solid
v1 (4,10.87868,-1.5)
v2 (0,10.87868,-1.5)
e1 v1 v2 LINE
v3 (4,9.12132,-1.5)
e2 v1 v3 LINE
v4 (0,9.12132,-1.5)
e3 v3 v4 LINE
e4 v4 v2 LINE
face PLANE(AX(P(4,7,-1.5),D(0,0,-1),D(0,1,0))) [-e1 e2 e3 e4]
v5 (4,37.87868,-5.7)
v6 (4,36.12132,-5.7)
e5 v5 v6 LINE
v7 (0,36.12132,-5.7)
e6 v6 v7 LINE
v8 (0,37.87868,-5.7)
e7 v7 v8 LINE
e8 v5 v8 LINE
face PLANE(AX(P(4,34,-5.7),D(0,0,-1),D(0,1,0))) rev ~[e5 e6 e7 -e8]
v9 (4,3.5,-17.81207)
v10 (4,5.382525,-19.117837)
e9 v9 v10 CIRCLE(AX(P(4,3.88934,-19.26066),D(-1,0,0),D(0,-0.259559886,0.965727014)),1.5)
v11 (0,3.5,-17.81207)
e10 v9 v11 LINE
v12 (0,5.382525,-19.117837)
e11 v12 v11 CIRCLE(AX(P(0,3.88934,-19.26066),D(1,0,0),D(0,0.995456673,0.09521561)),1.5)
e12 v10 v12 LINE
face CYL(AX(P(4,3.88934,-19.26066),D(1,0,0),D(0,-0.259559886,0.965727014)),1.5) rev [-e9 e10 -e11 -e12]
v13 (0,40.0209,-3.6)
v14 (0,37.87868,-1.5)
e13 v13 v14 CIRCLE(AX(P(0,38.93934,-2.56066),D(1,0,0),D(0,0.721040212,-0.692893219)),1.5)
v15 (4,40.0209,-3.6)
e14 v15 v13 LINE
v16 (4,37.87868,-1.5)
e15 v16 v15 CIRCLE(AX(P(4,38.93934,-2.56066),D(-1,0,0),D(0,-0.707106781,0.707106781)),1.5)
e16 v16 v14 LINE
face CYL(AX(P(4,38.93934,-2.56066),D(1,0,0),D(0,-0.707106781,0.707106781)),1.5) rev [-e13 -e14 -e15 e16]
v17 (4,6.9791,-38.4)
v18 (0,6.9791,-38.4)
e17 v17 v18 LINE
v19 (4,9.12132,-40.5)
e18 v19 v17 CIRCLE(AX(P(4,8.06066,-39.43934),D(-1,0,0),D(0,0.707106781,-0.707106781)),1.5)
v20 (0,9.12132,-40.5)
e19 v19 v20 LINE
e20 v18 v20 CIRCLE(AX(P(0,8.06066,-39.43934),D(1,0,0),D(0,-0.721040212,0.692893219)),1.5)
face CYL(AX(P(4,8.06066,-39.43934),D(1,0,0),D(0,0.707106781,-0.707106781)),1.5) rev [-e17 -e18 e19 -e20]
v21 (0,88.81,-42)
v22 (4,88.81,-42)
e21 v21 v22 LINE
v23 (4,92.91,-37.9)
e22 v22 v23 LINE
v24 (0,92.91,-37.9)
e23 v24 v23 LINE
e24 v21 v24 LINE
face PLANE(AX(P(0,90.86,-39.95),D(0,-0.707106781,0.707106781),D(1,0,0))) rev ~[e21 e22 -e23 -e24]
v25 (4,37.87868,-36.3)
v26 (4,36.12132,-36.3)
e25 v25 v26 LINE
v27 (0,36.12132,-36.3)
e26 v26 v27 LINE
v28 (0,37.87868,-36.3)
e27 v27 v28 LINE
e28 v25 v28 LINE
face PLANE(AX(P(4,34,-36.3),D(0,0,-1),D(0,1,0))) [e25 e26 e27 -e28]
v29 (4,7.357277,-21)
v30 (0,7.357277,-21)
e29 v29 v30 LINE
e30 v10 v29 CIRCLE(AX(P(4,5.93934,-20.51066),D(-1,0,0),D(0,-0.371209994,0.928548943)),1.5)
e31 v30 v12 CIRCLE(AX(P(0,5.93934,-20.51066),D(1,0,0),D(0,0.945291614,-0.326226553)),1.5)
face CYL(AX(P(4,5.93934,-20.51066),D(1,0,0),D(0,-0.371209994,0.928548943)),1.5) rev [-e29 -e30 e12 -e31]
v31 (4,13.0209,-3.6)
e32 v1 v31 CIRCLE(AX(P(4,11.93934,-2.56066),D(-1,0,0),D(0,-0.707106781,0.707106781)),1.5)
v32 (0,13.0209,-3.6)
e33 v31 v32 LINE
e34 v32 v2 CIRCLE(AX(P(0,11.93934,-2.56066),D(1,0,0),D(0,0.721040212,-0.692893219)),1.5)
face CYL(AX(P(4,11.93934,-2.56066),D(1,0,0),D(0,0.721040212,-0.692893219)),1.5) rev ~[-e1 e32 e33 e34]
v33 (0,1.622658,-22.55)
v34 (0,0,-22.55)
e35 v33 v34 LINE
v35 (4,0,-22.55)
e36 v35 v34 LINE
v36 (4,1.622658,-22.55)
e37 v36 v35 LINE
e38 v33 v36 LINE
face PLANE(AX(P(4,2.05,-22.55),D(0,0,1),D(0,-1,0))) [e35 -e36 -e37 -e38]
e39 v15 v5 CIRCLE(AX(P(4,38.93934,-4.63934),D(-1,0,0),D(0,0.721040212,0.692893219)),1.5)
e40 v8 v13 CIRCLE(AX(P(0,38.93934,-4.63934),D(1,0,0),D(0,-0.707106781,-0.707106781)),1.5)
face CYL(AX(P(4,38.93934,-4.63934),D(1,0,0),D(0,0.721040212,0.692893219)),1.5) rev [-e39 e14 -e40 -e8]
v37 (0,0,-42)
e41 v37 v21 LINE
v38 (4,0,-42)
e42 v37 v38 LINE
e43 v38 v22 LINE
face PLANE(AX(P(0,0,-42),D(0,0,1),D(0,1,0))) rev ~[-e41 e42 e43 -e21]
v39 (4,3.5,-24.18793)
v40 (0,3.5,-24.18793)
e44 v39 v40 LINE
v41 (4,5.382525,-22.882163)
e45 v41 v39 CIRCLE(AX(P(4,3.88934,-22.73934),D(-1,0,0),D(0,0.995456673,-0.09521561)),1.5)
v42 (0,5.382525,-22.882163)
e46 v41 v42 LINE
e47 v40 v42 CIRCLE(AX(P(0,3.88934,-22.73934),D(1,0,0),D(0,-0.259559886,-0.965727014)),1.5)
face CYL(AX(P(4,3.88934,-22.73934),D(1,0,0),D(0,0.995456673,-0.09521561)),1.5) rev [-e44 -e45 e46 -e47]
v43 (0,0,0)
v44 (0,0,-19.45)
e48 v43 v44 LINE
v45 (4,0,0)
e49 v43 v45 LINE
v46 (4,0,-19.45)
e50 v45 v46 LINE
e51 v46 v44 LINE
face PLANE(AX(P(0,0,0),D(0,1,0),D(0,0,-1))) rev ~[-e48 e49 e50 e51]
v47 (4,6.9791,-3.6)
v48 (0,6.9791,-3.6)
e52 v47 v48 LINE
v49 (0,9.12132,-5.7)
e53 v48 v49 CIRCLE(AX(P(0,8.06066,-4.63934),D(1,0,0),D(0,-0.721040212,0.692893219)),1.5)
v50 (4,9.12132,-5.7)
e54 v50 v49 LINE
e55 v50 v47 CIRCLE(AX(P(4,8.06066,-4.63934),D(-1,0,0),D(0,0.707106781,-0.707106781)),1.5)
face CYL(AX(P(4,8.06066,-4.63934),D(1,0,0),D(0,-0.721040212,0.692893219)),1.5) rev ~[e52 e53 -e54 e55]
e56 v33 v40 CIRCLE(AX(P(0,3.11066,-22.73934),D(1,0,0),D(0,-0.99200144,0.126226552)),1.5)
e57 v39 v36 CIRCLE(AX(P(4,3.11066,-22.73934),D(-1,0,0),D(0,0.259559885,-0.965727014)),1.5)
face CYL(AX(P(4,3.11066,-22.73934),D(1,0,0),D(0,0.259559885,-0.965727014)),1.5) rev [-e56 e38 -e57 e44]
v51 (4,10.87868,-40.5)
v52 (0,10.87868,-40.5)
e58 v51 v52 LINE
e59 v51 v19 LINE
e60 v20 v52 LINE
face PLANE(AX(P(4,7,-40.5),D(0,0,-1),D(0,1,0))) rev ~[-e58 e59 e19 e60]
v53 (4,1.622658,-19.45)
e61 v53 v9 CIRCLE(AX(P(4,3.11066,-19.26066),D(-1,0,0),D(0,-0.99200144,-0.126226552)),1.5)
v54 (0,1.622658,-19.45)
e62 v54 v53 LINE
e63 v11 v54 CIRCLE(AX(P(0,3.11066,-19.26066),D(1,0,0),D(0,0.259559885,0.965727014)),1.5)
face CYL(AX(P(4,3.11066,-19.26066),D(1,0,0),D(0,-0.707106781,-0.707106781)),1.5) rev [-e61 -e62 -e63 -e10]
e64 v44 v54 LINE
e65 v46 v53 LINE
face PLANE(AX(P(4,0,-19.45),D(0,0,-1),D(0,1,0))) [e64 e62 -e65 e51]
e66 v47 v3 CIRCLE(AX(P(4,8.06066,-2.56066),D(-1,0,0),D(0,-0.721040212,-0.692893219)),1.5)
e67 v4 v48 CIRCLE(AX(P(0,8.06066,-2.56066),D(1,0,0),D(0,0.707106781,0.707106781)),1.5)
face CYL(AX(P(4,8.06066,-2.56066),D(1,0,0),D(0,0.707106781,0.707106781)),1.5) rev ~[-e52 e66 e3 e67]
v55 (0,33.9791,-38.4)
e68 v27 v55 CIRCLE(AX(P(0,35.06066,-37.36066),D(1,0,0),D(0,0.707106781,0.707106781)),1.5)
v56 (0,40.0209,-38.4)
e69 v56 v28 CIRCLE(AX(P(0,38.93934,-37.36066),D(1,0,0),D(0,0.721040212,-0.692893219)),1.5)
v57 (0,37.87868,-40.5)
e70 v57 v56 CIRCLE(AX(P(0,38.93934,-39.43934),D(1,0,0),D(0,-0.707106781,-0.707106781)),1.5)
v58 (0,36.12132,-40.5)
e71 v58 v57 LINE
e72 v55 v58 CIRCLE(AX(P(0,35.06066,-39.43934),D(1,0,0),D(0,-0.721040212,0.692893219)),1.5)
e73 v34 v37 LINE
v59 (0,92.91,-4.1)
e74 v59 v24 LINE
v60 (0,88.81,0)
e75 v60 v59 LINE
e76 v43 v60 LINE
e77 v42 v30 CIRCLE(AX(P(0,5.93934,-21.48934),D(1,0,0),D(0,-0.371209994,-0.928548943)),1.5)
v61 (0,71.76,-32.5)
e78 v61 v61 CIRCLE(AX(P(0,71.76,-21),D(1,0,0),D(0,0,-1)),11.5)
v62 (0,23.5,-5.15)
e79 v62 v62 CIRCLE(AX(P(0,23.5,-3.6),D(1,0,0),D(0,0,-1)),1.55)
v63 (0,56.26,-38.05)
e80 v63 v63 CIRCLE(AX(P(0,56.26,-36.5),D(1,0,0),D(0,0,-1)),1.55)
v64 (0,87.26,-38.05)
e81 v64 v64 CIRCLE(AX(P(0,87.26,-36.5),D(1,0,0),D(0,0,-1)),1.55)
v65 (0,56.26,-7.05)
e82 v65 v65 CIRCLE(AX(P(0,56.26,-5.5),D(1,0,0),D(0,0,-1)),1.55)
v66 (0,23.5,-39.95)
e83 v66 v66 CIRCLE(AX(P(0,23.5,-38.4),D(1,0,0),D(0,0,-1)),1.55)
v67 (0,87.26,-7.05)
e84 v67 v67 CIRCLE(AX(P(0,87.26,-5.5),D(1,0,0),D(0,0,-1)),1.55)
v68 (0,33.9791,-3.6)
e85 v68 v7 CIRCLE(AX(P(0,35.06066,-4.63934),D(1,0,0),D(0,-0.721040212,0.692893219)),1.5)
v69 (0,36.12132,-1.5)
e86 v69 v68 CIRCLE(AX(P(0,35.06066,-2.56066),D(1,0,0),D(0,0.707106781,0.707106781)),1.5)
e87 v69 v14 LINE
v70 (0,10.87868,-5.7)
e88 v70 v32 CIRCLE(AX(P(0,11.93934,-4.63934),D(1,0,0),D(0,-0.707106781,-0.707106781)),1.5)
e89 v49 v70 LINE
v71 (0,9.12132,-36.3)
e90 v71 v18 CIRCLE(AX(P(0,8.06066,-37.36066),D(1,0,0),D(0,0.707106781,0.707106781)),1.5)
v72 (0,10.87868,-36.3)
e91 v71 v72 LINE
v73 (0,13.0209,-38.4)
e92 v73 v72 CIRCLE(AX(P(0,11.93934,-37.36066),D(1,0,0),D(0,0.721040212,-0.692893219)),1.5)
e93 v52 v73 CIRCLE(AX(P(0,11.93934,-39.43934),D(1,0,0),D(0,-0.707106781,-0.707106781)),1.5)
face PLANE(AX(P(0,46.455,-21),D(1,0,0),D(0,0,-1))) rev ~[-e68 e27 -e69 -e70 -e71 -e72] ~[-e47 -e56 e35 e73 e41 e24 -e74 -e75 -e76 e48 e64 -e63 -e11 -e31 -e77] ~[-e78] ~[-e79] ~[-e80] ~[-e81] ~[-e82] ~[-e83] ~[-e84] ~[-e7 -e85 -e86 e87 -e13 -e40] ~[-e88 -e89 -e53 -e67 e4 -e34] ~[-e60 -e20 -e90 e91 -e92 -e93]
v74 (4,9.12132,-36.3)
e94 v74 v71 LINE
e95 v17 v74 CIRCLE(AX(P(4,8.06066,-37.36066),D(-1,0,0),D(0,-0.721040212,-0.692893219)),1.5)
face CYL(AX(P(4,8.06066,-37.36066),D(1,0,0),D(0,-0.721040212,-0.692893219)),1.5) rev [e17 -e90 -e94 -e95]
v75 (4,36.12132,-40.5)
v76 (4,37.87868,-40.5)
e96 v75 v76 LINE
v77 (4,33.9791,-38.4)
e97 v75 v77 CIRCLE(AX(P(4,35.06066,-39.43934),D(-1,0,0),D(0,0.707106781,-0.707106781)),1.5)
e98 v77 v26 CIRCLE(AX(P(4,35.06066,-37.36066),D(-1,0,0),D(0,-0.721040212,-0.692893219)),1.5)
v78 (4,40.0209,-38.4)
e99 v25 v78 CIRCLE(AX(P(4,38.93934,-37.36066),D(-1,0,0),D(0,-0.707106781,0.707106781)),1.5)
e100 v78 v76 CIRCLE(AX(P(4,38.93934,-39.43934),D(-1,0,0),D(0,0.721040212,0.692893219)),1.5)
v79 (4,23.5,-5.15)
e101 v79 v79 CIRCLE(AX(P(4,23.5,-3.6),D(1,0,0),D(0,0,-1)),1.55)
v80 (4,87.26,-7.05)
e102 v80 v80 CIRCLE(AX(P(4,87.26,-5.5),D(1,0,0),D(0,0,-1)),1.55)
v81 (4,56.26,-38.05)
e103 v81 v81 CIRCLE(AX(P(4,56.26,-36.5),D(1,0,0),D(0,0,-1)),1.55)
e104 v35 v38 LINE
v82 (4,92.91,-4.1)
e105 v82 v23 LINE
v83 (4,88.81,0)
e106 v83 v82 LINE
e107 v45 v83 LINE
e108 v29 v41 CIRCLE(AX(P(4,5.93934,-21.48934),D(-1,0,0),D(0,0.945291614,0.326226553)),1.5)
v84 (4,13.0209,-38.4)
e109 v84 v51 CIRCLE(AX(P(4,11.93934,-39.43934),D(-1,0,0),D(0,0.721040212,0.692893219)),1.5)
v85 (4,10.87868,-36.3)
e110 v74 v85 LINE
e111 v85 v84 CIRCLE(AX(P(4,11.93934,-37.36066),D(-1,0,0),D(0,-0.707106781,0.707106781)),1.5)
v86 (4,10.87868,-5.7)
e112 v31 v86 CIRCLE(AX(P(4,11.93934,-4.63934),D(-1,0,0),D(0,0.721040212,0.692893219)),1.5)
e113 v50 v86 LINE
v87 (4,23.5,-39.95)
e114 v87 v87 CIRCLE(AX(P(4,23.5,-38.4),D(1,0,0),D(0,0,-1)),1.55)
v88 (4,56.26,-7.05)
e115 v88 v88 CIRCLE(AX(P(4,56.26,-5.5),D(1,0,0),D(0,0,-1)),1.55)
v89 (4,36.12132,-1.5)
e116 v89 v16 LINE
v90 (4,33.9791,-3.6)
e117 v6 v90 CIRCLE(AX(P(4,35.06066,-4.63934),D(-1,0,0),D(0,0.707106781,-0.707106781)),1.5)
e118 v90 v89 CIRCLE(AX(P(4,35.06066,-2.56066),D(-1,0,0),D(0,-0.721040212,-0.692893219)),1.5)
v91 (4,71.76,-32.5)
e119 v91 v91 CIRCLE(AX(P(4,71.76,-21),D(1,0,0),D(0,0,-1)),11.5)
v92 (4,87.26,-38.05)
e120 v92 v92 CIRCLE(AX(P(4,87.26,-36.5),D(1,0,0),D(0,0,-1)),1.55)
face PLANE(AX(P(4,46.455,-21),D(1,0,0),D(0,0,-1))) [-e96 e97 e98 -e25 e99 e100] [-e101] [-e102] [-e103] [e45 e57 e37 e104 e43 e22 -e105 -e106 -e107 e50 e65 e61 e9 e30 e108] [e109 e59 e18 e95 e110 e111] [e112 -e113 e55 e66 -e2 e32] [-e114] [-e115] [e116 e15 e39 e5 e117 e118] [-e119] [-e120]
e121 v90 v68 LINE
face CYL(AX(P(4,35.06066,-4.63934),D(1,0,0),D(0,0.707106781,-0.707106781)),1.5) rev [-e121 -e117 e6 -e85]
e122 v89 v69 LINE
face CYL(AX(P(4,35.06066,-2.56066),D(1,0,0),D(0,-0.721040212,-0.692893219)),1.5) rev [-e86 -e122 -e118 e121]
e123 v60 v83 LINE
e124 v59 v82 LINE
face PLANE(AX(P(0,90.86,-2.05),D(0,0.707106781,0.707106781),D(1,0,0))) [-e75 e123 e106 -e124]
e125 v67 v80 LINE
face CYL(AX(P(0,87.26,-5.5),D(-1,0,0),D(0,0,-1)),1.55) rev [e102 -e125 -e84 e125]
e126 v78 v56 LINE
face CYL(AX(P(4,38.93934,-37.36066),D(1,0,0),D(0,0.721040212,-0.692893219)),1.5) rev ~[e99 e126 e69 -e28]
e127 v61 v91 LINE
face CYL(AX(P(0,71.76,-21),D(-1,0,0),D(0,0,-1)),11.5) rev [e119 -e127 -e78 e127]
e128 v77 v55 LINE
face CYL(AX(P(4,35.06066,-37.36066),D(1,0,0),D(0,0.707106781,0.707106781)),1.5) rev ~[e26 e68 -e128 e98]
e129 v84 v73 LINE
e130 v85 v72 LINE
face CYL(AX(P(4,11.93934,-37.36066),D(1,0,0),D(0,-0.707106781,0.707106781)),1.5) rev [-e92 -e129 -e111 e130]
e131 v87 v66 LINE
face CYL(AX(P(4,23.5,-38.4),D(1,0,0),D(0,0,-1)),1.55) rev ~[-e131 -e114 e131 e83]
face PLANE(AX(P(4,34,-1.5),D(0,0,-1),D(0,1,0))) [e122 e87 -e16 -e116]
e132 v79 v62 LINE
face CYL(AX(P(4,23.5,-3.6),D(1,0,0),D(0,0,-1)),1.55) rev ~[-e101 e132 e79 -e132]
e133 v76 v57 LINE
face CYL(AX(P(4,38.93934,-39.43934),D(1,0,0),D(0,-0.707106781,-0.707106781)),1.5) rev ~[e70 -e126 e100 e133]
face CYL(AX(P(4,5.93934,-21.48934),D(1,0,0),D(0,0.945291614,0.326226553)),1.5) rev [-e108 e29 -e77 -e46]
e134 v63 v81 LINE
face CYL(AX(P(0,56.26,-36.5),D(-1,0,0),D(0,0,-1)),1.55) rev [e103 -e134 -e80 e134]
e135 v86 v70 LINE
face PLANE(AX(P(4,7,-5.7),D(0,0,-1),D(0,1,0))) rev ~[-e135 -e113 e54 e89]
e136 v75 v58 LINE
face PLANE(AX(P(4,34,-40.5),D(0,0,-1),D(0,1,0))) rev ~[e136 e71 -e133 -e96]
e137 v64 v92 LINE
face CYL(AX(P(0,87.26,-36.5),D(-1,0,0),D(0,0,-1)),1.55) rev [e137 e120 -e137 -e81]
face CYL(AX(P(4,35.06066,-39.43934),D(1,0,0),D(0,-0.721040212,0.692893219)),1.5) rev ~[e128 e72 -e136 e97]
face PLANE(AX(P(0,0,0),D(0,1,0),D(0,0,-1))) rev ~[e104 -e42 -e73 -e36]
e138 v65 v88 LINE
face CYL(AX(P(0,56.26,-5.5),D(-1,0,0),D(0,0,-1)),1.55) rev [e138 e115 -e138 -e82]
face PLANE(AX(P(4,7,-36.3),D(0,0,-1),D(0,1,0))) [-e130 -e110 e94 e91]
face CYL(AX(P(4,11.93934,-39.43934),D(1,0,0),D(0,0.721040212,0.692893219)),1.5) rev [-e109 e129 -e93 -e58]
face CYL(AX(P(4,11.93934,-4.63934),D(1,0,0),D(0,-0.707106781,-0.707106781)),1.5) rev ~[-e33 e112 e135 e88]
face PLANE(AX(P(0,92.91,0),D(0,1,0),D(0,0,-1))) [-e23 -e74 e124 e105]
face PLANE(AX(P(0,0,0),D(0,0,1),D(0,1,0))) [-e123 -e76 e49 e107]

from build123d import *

# Parameters (mm, degrees)
CROQUIS1_W              = 42
CROQUIS1_H              = 92.91
CROQUIS1_R              = 11.5
CROQUIS1_R_2            = 1.55
SALIENTE_EXTRUIR1_DEPTH = 4
CROQUIS2_R              = 1.55
CROQUIS2_W              = 4.2
CROQUIS2_H              = 6
CORTAR_EXTRUIR1_DEPTH   = 5
CORTAR_EXTRUIR2_DEPTH   = 5
CORTAR_EXTRUIR3_DEPTH   = 5
CORTAR_EXTRUIR4_DEPTH   = 5
CHAFL_N1_SIZE           = 4.1


with BuildPart() as part:
    # Croquis1 → Saliente-Extruir1 (new body)
    with BuildSketch(Plane(origin=(0, 0, 0), x_dir=(0, 0, -1), z_dir=(1, 0, 0))):
        with Locations((21, 46.455)):
            Rectangle(CROQUIS1_W, CROQUIS1_H)
        with Locations((21, 71.76)):
            Circle(CROQUIS1_R, mode=Mode.SUBTRACT)
        with Locations((5.5, 87.26)):
            Circle(CROQUIS1_R_2, mode=Mode.SUBTRACT)
        with Locations((36.5, 87.26)):
            Circle(CROQUIS1_R_2, mode=Mode.SUBTRACT)
        with Locations((36.5, 56.26)):
            Circle(CROQUIS1_R_2, mode=Mode.SUBTRACT)
        with Locations((5.5, 56.26)):
            Circle(CROQUIS1_R_2, mode=Mode.SUBTRACT)
    extrude(amount=SALIENTE_EXTRUIR1_DEPTH)

    # Croquis2 → Cortar-Extruir1 (cut, through all)
    with BuildSketch(Plane(origin=(4, 0, 0), x_dir=(0, 0, -1), z_dir=(1, 0, 0))):
        with Locations((3.6, 23.5)):
            Circle(CROQUIS2_R)
        with Locations((38.4, 23.5)):
            Circle(CROQUIS2_R)
        with Locations((3.6, 37)):
            Rectangle(CROQUIS2_W, CROQUIS2_H)
        with Locations((3.6, 10)):
            Rectangle(CROQUIS2_W, CROQUIS2_H)
        with Locations((38.4, 10)):
            Rectangle(CROQUIS2_W, CROQUIS2_H)
        with Locations((38.4, 37)):
            Rectangle(CROQUIS2_W, CROQUIS2_H)
    extrude(amount=-CORTAR_EXTRUIR1_DEPTH, mode=Mode.SUBTRACT)

    # Croquis3 → Cortar-Extruir2 (cut, through all)
    with BuildSketch(Plane(origin=(4, 0, 0), x_dir=(0, 0, -1), z_dir=(1, 0, 0))):
        Polygon((19.45, 0), (19.45, 2.05), (18.2, 2.05), (18.2, 4.95), (19.45, 4.95), (19.45, 7), (22.55, 7), (22.55, 4.95), (23.8, 4.95), (23.8, 2.05), (22.55, 2.05), (22.55, 0), align=None)
    extrude(amount=-CORTAR_EXTRUIR2_DEPTH, mode=Mode.SUBTRACT)

    # Croquis4 → Cortar-Extruir3 (cut, through all)
    with BuildSketch(Plane(origin=(4, 0, 0), x_dir=(0, 0, -1), z_dir=(1, 0, 0))):
        with BuildLine():
            Line((5.7, 37.878679656), (5.7, 36.121320344))
            ThreePointArc((5.7, 36.121320344), (5.710503119, 34.010608171), (3.6, 33.979099854))
            ThreePointArc((3.6, 33.979099854), (1.489496881, 34.010608171), (1.5, 36.121320344))
            Line((1.5, 36.121320344), (1.5, 37.878679656))
            ThreePointArc((1.5, 37.878679656), (1.489496881, 39.989391829), (3.6, 40.020900146))
            ThreePointArc((3.6, 40.020900146), (5.710503119, 39.989391829), (5.7, 37.878679656))
        make_face()
        with BuildLine():
            Line((40.5, 36.121320344), (40.5, 37.878679656))
            ThreePointArc((40.5, 37.878679656), (40.510503119, 39.989391829), (38.4, 40.020900146))
            ThreePointArc((38.4, 40.020900146), (36.289496881, 39.989391829), (36.3, 37.878679656))
            Line((36.3, 37.878679656), (36.3, 36.121320344))
            ThreePointArc((36.3, 36.121320344), (36.289496881, 34.010608171), (38.4, 33.979099854))
            ThreePointArc((38.4, 33.979099854), (40.510503119, 34.010608171), (40.5, 36.121320344))
        make_face()
        with BuildLine():
            Line((36.3, 9.121320344), (36.3, 10.878679656))
            ThreePointArc((36.3, 10.878679656), (36.289496881, 12.989391829), (38.4, 13.020900146))
            ThreePointArc((38.4, 13.020900146), (40.510503119, 12.989391829), (40.5, 10.878679656))
            Line((40.5, 10.878679656), (40.5, 9.121320344))
            ThreePointArc((40.5, 9.121320344), (40.510503119, 7.010608171), (38.4, 6.979099854))
            ThreePointArc((38.4, 6.979099854), (36.289496881, 7.010608171), (36.3, 9.121320344))
        make_face()
        with BuildLine():
            Line((5.7, 9.121320344), (5.7, 10.878679656))
            ThreePointArc((5.7, 10.878679656), (5.710503119, 12.989391829), (3.6, 13.020900146))
            ThreePointArc((3.6, 13.020900146), (1.489496881, 12.989391829), (1.5, 10.878679656))
            Line((1.5, 10.878679656), (1.5, 9.121320344))
            ThreePointArc((1.5, 9.121320344), (1.489496881, 7.010608171), (3.6, 6.979099854))
            ThreePointArc((3.6, 6.979099854), (5.710503119, 7.010608171), (5.7, 9.121320344))
        make_face()
    extrude(amount=-CORTAR_EXTRUIR3_DEPTH, mode=Mode.SUBTRACT)

    # Croquis5 → Cortar-Extruir4 (cut, through all)
    with BuildSketch(Plane(origin=(4, 0, 0), x_dir=(0, 0, -1), z_dir=(1, 0, 0))):
        with BuildLine():
            Line((21.678679656, 2.05), (20.321320344, 2.05))
            ThreePointArc((20.321320344, 2.05), (18.510162011, 1.811909807), (17.812069651, 3.5))
            ThreePointArc((17.812069651, 3.5), (18.028132476, 4.744252385), (19.117836757, 5.382524838))
            ThreePointArc((19.117836757, 5.382524838), (19.424850602, 6.97423962), (21, 7.35727725))
            ThreePointArc((21, 7.35727725), (22.575149398, 6.97423962), (22.882163243, 5.382524838))
            ThreePointArc((22.882163243, 5.382524838), (23.971867524, 4.744252385), (24.187930349, 3.5))
            ThreePointArc((24.187930349, 3.5), (23.489837989, 1.811909807), (21.678679656, 2.05))
        make_face()
    extrude(amount=-CORTAR_EXTRUIR4_DEPTH, mode=Mode.SUBTRACT)

    # Chaflán1
    chafl_n1_edges = [part.edges().sort_by_distance(p)[0] for p in [
        (2, 92.91, 0),
        (2, 92.91, -42),
    ]]
    chamfer(chafl_n1_edges, length=CHAFL_N1_SIZE)


solid = part.part
